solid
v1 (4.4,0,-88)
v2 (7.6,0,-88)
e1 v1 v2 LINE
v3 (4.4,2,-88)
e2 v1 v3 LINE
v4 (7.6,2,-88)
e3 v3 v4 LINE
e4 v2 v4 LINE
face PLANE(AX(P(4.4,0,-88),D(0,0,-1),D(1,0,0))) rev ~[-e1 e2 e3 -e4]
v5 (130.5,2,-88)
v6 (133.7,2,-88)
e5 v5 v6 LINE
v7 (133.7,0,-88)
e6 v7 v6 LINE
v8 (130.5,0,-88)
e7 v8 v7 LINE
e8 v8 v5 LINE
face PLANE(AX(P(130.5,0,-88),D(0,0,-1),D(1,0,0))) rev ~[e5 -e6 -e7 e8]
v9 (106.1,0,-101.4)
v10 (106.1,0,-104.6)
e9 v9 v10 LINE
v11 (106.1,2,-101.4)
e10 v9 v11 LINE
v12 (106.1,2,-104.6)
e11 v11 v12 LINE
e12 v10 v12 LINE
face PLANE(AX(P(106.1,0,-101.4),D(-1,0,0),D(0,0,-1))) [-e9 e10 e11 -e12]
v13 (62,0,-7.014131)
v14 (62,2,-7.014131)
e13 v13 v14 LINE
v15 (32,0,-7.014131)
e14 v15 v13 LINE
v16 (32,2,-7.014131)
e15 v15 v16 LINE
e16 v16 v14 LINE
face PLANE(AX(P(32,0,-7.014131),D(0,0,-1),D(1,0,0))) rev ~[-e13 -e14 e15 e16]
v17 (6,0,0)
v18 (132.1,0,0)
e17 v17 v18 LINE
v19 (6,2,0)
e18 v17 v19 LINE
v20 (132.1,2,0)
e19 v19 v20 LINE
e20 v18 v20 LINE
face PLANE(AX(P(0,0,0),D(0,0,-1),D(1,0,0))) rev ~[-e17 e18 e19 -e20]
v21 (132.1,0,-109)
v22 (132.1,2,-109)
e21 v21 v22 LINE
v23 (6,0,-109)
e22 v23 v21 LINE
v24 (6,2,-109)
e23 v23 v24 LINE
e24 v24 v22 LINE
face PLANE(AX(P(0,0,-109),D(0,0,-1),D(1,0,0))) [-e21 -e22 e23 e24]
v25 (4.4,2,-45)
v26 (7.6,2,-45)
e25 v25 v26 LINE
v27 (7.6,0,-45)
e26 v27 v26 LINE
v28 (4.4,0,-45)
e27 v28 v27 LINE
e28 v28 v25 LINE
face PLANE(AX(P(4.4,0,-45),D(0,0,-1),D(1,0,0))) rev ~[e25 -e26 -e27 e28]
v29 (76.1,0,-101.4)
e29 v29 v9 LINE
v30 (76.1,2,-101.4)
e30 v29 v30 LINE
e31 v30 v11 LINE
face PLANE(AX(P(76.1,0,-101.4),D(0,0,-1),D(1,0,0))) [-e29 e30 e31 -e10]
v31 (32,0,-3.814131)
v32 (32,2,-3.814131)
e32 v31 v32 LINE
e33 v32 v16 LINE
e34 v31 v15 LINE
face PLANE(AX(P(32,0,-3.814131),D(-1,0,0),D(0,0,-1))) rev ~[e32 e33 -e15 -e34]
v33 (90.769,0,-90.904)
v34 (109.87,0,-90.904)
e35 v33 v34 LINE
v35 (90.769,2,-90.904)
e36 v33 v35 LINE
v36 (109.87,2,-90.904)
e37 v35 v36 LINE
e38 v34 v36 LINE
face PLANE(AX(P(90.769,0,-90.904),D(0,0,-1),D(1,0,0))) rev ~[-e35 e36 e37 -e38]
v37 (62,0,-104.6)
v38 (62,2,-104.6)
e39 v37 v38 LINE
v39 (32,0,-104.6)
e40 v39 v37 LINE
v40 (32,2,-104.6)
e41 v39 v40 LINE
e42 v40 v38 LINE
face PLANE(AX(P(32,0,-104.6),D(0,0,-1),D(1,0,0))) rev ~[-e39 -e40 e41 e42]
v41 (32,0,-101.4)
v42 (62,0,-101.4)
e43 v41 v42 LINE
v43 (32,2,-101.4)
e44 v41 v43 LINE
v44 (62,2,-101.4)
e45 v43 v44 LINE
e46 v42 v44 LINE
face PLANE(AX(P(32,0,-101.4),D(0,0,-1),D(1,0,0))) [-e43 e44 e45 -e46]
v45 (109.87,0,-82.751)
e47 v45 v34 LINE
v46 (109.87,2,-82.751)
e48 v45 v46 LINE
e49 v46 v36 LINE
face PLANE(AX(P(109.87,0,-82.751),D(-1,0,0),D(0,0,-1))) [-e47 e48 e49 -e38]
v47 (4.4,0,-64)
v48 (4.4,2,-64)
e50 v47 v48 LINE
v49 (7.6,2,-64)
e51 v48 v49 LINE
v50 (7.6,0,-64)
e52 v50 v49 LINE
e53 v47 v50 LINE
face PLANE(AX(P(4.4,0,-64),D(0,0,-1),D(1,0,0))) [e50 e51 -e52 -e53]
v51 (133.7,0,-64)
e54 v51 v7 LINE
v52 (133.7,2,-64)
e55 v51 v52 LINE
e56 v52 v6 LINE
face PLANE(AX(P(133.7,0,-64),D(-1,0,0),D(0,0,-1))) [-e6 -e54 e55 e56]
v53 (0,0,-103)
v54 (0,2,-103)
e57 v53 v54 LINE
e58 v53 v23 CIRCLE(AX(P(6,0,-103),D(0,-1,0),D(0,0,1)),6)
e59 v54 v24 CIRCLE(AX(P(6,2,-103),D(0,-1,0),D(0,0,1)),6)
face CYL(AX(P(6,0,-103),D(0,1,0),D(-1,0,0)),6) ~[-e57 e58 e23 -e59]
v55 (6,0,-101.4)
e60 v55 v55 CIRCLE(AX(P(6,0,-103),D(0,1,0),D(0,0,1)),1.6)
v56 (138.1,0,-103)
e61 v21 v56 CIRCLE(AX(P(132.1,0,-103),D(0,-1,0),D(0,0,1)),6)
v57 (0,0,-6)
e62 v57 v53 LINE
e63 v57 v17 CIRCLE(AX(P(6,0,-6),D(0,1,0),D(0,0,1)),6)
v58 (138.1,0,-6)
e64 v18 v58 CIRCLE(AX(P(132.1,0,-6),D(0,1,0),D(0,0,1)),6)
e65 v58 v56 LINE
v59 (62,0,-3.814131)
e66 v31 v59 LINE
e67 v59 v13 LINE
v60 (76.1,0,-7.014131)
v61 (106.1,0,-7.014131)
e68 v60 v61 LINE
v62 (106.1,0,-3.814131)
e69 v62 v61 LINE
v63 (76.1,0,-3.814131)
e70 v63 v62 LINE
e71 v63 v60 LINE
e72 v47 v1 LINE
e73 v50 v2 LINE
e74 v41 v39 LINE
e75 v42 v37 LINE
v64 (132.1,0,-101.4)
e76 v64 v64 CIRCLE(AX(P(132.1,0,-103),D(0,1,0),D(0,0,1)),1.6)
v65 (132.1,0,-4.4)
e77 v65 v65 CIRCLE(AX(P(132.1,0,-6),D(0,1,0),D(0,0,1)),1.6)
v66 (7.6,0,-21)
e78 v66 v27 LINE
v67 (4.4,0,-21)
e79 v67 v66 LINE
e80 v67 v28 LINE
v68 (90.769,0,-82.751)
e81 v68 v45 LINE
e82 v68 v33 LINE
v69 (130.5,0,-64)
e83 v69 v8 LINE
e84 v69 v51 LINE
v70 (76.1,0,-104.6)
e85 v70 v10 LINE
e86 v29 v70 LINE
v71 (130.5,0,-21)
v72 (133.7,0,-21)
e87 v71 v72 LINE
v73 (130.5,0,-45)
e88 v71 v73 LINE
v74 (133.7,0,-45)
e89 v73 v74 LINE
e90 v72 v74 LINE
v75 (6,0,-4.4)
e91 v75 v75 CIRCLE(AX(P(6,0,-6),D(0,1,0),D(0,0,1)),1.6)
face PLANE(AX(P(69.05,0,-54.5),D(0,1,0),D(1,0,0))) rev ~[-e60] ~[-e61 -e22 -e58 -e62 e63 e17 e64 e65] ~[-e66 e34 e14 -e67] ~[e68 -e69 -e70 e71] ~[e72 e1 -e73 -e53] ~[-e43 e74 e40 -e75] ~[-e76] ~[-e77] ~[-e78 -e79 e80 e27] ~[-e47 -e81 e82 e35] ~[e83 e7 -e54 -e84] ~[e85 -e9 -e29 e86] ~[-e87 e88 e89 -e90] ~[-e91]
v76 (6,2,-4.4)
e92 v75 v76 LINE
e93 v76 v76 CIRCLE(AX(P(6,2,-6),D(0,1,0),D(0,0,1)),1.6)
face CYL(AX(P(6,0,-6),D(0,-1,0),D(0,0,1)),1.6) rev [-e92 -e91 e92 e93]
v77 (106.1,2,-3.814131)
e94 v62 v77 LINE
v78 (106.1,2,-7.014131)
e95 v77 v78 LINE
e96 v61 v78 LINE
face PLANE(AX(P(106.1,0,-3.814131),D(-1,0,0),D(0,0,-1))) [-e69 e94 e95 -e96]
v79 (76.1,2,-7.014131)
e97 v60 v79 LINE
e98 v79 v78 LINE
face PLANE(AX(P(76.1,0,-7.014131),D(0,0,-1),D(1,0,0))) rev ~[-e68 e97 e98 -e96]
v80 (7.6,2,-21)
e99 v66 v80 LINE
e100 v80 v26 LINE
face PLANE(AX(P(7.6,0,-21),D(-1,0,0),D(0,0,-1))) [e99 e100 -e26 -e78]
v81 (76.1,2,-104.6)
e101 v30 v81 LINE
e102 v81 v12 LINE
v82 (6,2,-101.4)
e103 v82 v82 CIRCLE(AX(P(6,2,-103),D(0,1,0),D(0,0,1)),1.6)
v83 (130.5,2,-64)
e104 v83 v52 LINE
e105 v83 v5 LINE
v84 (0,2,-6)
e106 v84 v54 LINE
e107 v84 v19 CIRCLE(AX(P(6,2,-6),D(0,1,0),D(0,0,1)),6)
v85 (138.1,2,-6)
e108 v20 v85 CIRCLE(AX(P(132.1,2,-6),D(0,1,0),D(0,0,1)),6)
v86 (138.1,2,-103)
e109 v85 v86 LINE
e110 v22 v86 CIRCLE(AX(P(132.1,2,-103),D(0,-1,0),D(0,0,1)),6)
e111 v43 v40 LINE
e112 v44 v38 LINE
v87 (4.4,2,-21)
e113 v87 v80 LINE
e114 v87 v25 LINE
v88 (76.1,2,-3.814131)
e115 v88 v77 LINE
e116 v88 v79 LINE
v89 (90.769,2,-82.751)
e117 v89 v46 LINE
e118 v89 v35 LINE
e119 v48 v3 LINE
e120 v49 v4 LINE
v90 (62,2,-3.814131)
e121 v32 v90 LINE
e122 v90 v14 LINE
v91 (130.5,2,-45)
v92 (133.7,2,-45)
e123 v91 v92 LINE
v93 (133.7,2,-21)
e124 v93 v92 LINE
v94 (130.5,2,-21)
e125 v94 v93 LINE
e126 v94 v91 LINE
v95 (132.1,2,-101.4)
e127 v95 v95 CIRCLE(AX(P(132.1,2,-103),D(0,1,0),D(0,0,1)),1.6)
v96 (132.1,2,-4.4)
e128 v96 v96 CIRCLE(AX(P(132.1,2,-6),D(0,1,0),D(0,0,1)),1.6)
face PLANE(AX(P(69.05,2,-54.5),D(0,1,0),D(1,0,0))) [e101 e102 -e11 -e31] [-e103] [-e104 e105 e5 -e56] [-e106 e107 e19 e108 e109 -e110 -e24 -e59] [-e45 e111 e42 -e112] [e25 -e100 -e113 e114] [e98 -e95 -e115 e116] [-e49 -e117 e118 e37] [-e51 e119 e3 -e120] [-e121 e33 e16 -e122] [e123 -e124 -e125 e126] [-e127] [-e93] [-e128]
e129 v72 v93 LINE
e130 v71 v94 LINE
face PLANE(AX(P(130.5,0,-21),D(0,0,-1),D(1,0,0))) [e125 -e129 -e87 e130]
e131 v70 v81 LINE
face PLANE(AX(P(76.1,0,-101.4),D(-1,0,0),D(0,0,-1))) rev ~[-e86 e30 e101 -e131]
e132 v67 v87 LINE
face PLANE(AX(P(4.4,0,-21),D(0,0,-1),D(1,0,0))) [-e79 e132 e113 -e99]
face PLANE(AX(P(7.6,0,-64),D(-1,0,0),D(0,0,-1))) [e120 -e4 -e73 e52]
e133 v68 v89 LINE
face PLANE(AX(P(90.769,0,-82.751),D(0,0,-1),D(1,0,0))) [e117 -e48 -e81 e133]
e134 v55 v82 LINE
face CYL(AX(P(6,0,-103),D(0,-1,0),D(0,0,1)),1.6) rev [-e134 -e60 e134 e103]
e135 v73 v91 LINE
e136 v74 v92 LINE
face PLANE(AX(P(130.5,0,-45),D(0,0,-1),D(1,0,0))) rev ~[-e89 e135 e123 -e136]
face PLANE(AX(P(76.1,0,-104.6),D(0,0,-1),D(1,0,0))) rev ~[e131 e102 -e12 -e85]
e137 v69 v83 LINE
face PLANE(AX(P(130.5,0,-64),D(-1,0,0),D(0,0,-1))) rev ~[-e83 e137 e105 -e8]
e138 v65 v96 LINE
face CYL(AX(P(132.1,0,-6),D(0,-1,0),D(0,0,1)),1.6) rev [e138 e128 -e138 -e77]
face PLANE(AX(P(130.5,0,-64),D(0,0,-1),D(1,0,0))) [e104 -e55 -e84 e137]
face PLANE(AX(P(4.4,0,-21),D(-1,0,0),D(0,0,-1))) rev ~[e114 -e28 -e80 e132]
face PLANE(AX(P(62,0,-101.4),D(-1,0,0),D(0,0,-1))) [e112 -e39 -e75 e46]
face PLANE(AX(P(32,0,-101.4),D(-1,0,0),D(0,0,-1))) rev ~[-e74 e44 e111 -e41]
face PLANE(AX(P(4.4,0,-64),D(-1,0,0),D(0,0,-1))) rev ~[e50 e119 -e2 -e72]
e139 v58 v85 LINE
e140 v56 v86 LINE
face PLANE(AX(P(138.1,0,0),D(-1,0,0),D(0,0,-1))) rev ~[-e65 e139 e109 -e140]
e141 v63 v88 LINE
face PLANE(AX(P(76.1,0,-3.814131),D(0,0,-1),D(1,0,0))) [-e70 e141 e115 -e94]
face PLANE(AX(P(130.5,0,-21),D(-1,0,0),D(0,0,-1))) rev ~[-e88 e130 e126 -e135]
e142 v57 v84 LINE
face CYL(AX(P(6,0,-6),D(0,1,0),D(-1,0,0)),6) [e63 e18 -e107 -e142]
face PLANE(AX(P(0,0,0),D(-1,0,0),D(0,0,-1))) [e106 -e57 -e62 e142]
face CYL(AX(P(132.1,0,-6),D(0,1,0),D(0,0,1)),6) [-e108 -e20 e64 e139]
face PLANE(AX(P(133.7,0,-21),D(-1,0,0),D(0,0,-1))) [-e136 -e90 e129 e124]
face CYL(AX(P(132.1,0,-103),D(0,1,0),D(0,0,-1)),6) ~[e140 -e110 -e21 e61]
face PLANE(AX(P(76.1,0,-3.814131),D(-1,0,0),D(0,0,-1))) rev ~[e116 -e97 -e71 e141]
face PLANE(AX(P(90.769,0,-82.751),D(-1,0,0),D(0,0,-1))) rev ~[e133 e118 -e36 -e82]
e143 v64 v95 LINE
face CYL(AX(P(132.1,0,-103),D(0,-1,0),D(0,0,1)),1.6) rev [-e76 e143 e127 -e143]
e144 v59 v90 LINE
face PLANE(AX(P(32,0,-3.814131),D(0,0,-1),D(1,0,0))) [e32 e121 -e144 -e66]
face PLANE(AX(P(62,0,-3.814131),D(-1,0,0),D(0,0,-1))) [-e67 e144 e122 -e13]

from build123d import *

# Parameters (mm, degrees)
SKETCH1_W           = 138.1
SKETCH1_H           = 109
SKETCH1_R           = 1.6
SKETCH1_W_2         = 30
SKETCH1_H_2         = 3.2
SKETCH1_W_3         = 3.2
SKETCH1_H_3         = 24
SKETCH1_W_4         = 19.101
SKETCH1_H_4         = 8.153
BOSS_EXTRUDE1_DEPTH = 2
FILLET1_R           = 6
FILLET2_R           = 6
FILLET3_R           = 6


with BuildPart() as part:
    # Sketch1 → Boss-Extrude1 (new body)
    with BuildSketch(Plane(origin=(0, 0, 0), x_dir=(1, 0, 0), z_dir=(0, 1, 0))):
        with Locations((69.05, 54.5)):
            Rectangle(SKETCH1_W, SKETCH1_H)
        with Locations(Location((6, 103, 0), (0, 0, 270))):
            Circle(SKETCH1_R, mode=Mode.SUBTRACT)
        with Locations(Location((132.1, 103, 0), (0, 0, 270))):
            Circle(SKETCH1_R, mode=Mode.SUBTRACT)
        with Locations(Location((132.1, 6, 0), (0, 0, 270))):
            Circle(SKETCH1_R, mode=Mode.SUBTRACT)
        with Locations(Location((6, 6, 0), (0, 0, 270))):
            Circle(SKETCH1_R, mode=Mode.SUBTRACT)
        with Locations((47, 5.414130674)):
            Rectangle(SKETCH1_W_2, SKETCH1_H_2, mode=Mode.SUBTRACT)
        with Locations((47, 103)):
            Rectangle(SKETCH1_W_2, SKETCH1_H_2, mode=Mode.SUBTRACT)
        with Locations((91.1, 103)):
            Rectangle(SKETCH1_W_2, SKETCH1_H_2, mode=Mode.SUBTRACT)
        with Locations((91.1, 5.414130674)):
            Rectangle(SKETCH1_W_2, SKETCH1_H_2, mode=Mode.SUBTRACT)
        with Locations((6, 76)):
            Rectangle(SKETCH1_W_3, SKETCH1_H_3, mode=Mode.SUBTRACT)
        with Locations((6, 33)):
            Rectangle(SKETCH1_W_3, SKETCH1_H_3, mode=Mode.SUBTRACT)
        with Locations((132.1, 76)):
            Rectangle(SKETCH1_W_3, SKETCH1_H_3, mode=Mode.SUBTRACT)
        with Locations((132.1, 33)):
            Rectangle(SKETCH1_W_3, SKETCH1_H_3, mode=Mode.SUBTRACT)
        with Locations((100.3195, 86.8275)):
            Rectangle(SKETCH1_W_4, SKETCH1_H_4, mode=Mode.SUBTRACT)
    extrude(amount=BOSS_EXTRUDE1_DEPTH)

    # Fillet1
    fillet1_edges = [part.edges().sort_by_distance(p)[0] for p in [
        (0, 1, -109),
    ]]
    fillet(fillet1_edges, radius=FILLET1_R)

    # Fillet2
    fillet2_edges = [part.edges().sort_by_distance(p)[0] for p in [
        (0, 1, 0),
    ]]
    fillet(fillet2_edges, radius=FILLET2_R)

    # Fillet3
    fillet3_edges = [part.edges().sort_by_distance(p)[0] for p in [
        (138.1, 1, -109),
        (138.1, 1, 0),
    ]]
    fillet(fillet3_edges, radius=FILLET3_R)


solid = part.part
